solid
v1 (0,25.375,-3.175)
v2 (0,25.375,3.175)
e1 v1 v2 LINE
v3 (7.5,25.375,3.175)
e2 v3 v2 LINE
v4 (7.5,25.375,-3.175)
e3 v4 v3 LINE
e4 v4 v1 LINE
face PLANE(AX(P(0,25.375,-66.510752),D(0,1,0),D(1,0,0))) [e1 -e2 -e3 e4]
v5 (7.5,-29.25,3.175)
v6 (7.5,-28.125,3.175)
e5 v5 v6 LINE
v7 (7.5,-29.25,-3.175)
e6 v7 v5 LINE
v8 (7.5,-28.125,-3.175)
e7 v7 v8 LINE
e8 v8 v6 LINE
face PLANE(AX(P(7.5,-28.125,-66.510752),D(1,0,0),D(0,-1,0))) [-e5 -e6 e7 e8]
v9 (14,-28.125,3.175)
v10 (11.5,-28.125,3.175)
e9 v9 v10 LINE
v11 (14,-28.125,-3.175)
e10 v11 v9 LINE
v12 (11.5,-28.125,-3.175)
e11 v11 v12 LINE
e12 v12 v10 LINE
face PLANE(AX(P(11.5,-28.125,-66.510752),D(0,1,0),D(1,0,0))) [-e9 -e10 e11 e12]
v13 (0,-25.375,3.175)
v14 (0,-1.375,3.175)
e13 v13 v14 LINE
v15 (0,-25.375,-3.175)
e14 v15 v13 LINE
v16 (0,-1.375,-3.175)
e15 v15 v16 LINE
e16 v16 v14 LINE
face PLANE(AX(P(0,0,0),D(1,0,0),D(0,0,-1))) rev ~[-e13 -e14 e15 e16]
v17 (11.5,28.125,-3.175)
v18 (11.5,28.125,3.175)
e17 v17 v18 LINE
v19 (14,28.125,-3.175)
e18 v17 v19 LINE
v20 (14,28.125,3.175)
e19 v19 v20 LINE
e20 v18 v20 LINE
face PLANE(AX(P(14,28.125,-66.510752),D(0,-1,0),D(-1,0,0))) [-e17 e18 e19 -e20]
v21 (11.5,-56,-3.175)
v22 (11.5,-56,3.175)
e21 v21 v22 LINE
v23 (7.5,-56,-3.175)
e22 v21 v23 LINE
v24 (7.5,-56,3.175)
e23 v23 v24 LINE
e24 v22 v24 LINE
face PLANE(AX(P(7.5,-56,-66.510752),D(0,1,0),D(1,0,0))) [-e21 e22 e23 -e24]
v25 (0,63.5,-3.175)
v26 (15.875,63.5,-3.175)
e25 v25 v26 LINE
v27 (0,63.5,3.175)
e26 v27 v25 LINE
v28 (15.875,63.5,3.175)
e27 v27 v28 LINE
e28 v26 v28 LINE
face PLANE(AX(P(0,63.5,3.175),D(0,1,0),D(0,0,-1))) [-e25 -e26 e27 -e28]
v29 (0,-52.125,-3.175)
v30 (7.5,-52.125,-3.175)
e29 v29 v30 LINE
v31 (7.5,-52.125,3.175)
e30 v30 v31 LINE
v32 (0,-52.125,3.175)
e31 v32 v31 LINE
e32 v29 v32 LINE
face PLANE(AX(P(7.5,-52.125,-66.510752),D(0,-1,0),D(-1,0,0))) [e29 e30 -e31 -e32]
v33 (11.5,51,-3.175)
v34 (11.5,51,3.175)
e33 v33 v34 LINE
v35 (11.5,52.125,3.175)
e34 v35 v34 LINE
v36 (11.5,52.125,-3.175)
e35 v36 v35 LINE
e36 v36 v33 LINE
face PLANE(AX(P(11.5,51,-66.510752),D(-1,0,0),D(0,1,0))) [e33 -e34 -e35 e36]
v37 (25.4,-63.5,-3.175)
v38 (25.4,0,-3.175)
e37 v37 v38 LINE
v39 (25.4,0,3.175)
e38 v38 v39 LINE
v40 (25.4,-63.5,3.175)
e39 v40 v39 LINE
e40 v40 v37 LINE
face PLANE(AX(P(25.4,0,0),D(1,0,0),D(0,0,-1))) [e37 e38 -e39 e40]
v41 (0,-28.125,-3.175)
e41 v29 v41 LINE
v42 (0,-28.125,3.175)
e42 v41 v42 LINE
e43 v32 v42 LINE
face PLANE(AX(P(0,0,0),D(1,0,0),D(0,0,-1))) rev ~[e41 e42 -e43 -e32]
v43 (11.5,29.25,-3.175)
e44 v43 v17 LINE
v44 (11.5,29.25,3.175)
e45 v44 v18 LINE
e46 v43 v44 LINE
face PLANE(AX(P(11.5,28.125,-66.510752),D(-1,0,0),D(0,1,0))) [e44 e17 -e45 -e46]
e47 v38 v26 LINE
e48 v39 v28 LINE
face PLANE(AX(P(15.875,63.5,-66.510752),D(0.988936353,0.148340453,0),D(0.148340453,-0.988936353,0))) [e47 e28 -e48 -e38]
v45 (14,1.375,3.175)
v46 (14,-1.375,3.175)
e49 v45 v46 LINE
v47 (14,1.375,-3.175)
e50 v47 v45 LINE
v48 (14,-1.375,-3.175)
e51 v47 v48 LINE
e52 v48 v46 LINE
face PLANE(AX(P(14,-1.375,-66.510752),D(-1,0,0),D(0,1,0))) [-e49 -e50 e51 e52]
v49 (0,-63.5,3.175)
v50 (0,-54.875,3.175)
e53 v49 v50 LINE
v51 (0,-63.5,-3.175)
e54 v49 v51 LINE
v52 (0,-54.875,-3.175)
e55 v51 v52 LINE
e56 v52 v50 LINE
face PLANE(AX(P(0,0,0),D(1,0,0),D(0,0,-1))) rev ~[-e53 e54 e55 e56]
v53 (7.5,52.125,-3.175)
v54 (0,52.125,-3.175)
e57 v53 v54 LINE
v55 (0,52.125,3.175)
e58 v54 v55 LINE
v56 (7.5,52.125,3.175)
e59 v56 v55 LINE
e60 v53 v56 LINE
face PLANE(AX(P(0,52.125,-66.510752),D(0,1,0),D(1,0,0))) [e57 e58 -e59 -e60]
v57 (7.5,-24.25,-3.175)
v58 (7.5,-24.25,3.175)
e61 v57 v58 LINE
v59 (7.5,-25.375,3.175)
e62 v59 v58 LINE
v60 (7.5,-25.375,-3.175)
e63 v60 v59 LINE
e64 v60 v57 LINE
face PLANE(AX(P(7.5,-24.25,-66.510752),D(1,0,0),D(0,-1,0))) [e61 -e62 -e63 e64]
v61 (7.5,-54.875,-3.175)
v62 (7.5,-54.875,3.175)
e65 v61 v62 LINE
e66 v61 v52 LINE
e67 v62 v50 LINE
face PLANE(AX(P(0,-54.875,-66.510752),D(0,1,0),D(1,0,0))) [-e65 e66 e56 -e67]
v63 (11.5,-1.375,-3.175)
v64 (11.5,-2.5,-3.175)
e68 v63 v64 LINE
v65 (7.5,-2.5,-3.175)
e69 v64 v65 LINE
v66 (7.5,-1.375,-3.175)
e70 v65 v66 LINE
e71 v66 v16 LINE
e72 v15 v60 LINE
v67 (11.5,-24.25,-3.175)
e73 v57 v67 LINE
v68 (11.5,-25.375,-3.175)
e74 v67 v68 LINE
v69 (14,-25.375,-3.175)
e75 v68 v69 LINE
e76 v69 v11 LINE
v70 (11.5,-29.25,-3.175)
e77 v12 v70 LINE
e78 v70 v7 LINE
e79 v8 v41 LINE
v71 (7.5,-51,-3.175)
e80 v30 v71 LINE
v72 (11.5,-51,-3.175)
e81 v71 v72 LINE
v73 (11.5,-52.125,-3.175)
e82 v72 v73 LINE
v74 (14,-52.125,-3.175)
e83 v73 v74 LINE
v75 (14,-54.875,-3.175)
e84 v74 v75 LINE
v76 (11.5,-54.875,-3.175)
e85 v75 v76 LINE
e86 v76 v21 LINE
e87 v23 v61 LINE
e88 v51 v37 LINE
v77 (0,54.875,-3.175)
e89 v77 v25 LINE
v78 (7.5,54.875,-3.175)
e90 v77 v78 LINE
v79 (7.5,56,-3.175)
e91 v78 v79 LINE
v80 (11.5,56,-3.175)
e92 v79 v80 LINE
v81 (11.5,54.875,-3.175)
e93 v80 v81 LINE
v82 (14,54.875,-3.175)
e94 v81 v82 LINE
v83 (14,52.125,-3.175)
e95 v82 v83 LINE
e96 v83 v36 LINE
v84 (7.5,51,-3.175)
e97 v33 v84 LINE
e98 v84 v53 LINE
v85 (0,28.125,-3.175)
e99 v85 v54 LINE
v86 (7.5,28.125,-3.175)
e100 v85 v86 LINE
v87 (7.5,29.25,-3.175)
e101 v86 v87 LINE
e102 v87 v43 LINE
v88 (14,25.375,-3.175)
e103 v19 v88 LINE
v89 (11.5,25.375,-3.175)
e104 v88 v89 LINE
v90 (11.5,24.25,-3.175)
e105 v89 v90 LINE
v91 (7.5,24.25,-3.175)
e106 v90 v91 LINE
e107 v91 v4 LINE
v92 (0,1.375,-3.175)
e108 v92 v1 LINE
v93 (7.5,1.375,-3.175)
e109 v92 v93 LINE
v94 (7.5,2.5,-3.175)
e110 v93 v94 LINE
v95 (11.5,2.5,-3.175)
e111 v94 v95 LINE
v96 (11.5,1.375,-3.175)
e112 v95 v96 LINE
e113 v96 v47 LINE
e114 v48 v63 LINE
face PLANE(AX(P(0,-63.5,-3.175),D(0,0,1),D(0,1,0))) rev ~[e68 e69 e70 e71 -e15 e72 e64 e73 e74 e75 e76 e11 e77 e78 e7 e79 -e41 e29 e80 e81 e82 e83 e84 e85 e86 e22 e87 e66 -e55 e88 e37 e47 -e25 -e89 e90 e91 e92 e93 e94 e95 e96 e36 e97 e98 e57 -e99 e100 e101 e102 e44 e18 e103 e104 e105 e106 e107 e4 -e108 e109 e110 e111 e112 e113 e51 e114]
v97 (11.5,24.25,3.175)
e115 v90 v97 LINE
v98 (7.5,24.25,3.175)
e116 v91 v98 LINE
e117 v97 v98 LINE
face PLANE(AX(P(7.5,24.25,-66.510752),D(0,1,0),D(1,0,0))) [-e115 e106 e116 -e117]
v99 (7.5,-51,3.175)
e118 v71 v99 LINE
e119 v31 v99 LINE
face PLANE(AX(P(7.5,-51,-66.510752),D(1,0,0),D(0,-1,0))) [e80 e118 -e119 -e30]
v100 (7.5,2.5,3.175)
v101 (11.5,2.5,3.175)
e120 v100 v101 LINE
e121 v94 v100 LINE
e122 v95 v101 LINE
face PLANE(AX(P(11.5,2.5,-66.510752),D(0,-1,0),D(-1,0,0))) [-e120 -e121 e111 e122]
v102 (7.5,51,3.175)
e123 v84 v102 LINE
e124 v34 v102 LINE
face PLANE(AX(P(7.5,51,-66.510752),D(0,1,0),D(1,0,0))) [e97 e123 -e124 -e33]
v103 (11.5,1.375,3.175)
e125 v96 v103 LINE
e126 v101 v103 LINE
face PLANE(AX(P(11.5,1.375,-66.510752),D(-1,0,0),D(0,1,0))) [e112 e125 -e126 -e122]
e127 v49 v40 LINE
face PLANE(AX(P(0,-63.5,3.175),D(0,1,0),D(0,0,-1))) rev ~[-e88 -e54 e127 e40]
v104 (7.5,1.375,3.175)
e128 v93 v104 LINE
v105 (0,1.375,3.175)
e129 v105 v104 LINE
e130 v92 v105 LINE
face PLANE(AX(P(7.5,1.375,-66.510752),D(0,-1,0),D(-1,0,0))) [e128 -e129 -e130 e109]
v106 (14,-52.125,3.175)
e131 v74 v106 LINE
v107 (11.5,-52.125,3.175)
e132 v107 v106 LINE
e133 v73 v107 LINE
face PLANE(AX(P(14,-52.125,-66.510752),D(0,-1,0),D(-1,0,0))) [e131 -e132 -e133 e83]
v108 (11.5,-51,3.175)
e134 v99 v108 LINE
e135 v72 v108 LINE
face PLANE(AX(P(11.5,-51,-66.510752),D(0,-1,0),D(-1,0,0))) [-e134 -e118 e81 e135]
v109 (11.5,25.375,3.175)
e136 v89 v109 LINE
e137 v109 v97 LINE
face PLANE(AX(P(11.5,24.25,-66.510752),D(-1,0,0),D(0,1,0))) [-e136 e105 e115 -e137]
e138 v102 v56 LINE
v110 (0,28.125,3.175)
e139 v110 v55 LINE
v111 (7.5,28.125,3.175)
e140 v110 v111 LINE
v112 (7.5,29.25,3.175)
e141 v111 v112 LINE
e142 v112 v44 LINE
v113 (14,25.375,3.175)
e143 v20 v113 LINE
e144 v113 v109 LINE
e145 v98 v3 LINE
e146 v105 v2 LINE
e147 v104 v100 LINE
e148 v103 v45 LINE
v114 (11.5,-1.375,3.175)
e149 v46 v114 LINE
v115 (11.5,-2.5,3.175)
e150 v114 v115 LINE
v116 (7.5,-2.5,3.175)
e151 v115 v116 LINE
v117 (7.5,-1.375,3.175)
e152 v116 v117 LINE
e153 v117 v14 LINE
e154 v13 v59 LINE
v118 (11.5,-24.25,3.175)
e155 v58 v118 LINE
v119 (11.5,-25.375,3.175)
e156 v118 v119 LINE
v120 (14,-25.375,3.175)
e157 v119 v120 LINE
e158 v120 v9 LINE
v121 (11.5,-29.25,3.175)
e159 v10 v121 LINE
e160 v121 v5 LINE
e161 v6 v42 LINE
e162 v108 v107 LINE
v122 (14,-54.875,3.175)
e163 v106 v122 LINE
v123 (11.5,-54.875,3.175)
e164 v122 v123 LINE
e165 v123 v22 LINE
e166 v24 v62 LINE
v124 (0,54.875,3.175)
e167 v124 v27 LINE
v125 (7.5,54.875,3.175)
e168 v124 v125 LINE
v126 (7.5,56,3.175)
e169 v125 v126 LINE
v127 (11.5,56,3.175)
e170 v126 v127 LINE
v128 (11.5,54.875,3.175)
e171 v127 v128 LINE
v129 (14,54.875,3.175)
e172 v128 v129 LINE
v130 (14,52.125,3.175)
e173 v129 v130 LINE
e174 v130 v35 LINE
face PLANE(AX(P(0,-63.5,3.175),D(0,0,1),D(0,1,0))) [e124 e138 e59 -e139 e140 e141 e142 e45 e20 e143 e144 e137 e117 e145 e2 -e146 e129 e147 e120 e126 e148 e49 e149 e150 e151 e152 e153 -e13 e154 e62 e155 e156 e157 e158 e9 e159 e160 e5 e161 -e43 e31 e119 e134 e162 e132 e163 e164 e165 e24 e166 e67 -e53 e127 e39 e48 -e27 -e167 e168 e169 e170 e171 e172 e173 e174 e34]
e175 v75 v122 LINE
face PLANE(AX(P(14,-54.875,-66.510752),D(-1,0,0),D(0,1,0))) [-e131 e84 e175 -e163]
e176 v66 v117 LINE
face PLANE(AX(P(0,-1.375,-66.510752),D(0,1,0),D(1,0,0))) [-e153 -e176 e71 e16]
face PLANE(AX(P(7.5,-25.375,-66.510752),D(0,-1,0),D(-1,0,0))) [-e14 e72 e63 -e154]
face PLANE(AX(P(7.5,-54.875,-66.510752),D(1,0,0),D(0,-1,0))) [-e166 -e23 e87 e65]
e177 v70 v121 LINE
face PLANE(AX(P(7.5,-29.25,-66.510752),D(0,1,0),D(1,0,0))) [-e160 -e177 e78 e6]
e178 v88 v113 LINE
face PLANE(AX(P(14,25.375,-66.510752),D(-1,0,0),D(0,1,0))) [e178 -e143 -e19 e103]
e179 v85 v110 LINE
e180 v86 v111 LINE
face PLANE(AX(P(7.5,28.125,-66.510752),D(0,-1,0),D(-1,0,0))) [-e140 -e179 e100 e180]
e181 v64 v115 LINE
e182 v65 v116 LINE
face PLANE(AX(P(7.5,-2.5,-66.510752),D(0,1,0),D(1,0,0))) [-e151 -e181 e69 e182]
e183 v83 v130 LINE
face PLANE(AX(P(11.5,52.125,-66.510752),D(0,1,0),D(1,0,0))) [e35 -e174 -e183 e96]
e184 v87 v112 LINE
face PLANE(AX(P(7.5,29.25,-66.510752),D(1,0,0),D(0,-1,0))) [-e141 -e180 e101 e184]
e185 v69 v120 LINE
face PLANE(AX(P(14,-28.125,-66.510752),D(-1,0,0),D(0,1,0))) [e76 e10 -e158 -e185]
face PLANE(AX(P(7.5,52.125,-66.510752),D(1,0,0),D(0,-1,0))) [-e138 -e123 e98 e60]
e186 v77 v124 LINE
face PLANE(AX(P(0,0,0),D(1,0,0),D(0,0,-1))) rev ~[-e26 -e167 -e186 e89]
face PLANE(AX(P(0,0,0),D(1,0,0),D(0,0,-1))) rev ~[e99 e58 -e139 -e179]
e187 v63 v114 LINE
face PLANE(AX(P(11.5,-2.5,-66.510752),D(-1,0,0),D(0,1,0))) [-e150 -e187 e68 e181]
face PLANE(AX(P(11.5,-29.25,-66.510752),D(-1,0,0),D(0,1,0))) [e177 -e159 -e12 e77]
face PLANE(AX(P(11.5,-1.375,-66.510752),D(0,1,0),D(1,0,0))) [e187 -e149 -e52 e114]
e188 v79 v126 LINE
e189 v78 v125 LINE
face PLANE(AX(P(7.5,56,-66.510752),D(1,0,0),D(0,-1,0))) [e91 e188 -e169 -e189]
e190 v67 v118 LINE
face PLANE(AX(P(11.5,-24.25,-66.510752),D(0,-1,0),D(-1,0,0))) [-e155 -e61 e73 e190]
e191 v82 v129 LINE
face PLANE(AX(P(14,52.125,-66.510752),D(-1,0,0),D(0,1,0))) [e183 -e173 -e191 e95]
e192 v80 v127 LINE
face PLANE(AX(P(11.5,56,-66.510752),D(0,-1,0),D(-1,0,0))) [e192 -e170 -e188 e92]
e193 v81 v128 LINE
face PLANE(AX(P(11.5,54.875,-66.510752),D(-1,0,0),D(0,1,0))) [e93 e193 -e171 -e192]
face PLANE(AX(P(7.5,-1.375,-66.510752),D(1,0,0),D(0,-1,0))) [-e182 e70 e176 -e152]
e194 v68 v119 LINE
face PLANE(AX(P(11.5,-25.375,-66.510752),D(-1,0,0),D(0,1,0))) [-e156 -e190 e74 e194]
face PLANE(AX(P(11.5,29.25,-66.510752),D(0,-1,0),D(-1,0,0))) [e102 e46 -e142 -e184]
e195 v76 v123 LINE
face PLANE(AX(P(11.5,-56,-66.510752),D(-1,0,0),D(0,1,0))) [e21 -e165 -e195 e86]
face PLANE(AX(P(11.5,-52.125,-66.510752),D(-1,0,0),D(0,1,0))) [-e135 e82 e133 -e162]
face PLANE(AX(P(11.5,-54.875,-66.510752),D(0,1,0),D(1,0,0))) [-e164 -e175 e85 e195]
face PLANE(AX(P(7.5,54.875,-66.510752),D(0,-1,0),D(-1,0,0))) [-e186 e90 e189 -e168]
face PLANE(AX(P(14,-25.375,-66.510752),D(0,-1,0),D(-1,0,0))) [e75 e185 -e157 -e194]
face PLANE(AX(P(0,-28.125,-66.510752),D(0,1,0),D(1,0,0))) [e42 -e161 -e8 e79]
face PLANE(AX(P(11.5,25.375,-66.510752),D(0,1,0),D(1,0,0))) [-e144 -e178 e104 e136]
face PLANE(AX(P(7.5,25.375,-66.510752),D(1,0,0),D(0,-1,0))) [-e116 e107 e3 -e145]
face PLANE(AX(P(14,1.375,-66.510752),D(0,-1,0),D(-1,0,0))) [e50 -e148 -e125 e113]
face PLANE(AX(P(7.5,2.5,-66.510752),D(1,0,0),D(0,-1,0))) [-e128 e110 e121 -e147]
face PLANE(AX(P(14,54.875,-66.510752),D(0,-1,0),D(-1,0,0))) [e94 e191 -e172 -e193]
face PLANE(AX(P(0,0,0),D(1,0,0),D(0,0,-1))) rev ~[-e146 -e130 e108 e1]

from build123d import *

# Parameters (mm, degrees)
SKETCH1_W               = 6.35
SKETCH1_H               = 127
BOSS_EXTRUDE1_DEPTH     = 25.4
CUT_EXTRUDE1_DEPTH      = 69.685751798
CUT_EXTRUDE1_DEPTH_BACK = 69.685751798


with BuildPart() as part:
    # Sketch1 → Boss-Extrude1 (new body)
    with BuildSketch(Plane(origin=(0, 0, 0), x_dir=(0, 0, -1), z_dir=(1, 0, 0))):
        Rectangle(SKETCH1_W, SKETCH1_H)
    extrude(amount=BOSS_EXTRUDE1_DEPTH)

    # Sketch4 → Cut-Extrude1 (cut, two sides: drawn at the far end of the back side and taken through both)
    with BuildSketch(Plane.XY.offset(3.175).offset(-CUT_EXTRUDE1_DEPTH_BACK)):
        Polygon((7.5, 54.875), (0, 54.875), (0, 52.125), (7.5, 52.125), (7.5, 51), (11.5, 51), (11.5, 52.125), (14, 52.125), (14, 54.875), (11.5, 54.875), (11.5, 56), (7.5, 56), align=None)
        Polygon((25.4, 63.5), (15.875, 63.5), (25.4, 0), align=None)
        Polygon((7.5, 28.125), (0, 28.125), (0, 25.375), (7.5, 25.375), (7.5, 24.25), (11.5, 24.25), (11.5, 25.375), (14, 25.375), (14, 28.125), (11.5, 28.125), (11.5, 29.25), (7.5, 29.25), align=None)
        Polygon((7.5, 1.375), (0, 1.375), (0, -1.375), (7.5, -1.375), (7.5, -2.5), (11.5, -2.5), (11.5, -1.375), (14, -1.375), (14, 1.375), (11.5, 1.375), (11.5, 2.5), (7.5, 2.5), align=None)
        Polygon((7.5, -25.375), (0, -25.375), (0, -28.125), (7.5, -28.125), (7.5, -29.25), (11.5, -29.25), (11.5, -28.125), (14, -28.125), (14, -25.375), (11.5, -25.375), (11.5, -24.25), (7.5, -24.25), align=None)
        Polygon((7.5, -52.125), (0, -52.125), (0, -54.875), (7.5, -54.875), (7.5, -56), (11.5, -56), (11.5, -54.875), (14, -54.875), (14, -52.125), (11.5, -52.125), (11.5, -51), (7.5, -51), align=None)
    extrude(amount=CUT_EXTRUDE1_DEPTH + CUT_EXTRUDE1_DEPTH_BACK, mode=Mode.SUBTRACT)


solid = part.part
